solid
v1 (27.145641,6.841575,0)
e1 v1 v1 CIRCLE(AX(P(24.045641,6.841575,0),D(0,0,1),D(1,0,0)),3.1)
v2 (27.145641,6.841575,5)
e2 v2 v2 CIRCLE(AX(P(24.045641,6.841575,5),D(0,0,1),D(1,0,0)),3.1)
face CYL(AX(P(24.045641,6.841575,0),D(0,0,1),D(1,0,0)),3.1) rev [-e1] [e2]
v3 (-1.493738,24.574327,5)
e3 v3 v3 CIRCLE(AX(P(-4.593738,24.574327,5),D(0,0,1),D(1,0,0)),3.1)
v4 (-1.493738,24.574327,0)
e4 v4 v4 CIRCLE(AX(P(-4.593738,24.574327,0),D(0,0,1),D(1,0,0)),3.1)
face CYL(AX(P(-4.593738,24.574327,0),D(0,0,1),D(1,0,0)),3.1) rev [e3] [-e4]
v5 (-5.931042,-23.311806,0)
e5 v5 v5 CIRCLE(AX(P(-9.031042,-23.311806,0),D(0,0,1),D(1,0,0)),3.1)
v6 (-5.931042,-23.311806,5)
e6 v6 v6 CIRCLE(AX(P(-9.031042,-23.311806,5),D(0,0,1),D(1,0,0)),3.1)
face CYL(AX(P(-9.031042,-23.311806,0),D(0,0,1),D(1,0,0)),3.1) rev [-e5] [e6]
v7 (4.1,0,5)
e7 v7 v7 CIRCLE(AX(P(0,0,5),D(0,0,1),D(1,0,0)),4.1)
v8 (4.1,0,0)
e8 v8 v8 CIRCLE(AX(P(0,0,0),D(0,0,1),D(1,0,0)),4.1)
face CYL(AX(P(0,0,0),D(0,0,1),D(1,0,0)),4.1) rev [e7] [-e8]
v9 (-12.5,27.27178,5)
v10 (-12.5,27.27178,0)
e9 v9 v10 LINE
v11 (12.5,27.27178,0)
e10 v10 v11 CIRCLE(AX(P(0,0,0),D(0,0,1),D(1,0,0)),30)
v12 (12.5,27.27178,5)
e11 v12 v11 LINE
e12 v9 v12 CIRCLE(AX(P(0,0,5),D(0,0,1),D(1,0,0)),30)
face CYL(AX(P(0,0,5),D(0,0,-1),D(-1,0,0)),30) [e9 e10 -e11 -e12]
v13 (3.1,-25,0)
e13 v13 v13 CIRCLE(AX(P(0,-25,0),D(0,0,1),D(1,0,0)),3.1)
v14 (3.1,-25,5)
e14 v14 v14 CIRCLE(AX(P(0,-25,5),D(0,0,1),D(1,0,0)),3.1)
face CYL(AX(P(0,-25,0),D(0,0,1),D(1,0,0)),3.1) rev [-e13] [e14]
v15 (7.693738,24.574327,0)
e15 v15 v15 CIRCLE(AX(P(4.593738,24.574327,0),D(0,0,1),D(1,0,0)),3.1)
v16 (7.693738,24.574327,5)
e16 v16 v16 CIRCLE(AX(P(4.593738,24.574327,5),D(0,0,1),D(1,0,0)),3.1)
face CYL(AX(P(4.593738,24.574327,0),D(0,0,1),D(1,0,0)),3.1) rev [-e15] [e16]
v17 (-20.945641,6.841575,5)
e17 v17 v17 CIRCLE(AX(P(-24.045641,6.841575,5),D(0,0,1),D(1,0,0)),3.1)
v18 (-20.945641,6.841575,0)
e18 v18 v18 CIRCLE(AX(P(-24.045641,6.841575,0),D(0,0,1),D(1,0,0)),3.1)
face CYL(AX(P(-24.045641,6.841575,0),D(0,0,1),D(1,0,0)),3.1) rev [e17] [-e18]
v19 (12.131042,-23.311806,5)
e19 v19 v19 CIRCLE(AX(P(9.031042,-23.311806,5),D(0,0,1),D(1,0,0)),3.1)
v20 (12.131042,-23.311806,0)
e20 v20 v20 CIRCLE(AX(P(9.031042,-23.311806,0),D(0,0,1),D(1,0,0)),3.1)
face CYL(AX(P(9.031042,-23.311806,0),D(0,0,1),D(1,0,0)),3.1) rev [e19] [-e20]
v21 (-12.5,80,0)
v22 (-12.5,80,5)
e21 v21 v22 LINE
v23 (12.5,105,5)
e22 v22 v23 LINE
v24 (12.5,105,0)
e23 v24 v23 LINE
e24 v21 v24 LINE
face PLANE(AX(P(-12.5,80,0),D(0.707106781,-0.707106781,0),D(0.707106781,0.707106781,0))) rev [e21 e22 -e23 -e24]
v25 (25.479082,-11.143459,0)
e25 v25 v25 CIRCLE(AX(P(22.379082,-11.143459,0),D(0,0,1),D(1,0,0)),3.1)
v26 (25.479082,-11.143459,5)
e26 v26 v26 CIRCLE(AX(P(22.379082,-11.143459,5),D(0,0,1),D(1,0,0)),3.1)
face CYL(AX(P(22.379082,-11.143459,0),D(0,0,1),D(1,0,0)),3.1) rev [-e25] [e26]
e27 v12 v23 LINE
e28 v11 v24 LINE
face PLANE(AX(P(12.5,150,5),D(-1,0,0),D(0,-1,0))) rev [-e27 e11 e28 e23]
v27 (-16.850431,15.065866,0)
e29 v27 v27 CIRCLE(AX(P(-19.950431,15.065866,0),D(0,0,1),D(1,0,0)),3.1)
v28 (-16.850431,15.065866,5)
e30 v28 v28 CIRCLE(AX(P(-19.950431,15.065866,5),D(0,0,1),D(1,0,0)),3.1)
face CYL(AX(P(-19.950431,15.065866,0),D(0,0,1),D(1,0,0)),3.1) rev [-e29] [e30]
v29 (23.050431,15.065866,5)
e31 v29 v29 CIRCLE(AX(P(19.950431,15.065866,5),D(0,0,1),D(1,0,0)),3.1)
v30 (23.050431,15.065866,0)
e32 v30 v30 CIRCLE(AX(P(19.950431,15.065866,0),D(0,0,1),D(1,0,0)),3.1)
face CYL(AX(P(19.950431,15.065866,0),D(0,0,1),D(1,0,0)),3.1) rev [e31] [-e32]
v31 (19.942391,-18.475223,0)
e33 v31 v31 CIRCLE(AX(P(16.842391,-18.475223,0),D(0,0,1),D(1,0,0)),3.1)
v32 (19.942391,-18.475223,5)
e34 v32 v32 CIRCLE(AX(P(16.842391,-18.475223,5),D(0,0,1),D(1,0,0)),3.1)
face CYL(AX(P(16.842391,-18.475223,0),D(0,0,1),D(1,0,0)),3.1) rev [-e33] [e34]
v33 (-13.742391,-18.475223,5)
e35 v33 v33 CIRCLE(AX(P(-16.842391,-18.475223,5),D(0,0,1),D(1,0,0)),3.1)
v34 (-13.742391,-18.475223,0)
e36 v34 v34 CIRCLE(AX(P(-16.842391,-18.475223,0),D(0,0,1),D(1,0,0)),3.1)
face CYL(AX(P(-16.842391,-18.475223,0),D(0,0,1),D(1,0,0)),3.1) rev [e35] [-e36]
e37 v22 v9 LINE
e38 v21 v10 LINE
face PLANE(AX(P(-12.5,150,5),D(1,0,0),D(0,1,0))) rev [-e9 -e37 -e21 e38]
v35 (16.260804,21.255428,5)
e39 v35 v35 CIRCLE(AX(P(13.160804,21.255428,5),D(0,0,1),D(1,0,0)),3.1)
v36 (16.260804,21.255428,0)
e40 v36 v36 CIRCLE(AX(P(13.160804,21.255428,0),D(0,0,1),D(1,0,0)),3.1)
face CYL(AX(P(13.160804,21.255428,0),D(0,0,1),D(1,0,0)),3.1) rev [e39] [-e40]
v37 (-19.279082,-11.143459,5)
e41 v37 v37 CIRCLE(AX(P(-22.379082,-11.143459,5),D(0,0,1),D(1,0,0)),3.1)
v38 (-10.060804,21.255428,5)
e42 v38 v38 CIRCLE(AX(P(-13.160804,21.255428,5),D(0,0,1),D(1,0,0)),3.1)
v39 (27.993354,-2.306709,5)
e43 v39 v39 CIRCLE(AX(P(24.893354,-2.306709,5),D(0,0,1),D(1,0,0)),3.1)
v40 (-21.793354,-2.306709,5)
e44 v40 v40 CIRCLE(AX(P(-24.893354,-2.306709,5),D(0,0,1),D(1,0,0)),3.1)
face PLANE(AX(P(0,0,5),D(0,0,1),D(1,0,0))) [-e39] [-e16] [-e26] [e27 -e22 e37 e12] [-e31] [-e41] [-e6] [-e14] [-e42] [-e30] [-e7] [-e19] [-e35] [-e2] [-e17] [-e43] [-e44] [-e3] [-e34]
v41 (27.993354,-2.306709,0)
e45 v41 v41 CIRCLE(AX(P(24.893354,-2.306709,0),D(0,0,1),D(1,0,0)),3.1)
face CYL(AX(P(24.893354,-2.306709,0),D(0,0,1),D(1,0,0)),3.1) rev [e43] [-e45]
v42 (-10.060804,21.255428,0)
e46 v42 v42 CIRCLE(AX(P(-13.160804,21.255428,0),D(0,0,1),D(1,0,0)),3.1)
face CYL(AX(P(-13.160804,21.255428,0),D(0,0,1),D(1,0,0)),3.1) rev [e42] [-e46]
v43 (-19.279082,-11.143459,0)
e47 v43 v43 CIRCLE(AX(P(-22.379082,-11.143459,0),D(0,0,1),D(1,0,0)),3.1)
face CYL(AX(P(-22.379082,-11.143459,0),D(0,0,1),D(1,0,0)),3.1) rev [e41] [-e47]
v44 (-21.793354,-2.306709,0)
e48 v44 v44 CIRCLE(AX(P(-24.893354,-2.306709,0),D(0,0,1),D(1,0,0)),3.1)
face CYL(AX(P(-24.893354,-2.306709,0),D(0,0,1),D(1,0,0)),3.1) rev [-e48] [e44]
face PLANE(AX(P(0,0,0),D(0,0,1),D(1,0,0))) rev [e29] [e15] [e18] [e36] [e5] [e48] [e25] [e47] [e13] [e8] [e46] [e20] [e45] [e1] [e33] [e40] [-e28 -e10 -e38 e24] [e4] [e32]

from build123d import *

# Parameters (mm, degrees)
EXTRUDE_3_DEPTH     = 5
SKETCH_12_W         = 25
SKETCH_12_H         = 25
CUT_EXTRUDE_2_DEPTH = 5
CUT_EXTRUDE_3_DEPTH = 5
SKETCH_14_R         = 4.1
CUT_EXTRUDE_4_DEPTH = 5
SKETCH_16_R         = 3.1
CUT_EXTRUDE_5_DEPTH = 5
CUT_EXTRUDE_6_DEPTH = 5
SKETCH_18_W         = 25
SKETCH_18_H         = 35
EXTRUDE_4_DEPTH     = 5
CUT_EXTRUDE_7_DEPTH = 5


with BuildPart() as part:
    # 草图8 → 凸台-拉伸3 (new body)
    with BuildSketch(Plane.XY):
        with BuildLine():
            Line((-12.5, 150), (12.5, 150))
            Line((12.5, 150), (12.5, 27.271780287))
            ThreePointArc((12.5, 27.271780287), (0, -30), (-12.5, 27.271780287))
            Line((-12.5, 27.271780287), (-12.5, 150))
        make_face()
    extrude(amount=EXTRUDE_3_DEPTH)

    # 草图12 → 切除-拉伸2 (cut)
    with BuildSketch(Plane.XY.offset(5)):
        with Locations((0, 137.5)):
            Rectangle(SKETCH_12_W, SKETCH_12_H)
    extrude(amount=-CUT_EXTRUDE_2_DEPTH, mode=Mode.SUBTRACT)

    # 草图13 → 切除-拉伸3 (cut)
    with BuildSketch(Plane.XY.offset(5)):
        Polygon((-12.5, 125), (12.5, 125), (-12.5, 100), align=None)
    extrude(amount=-CUT_EXTRUDE_3_DEPTH, mode=Mode.SUBTRACT)

    # 草图14 → 切除-拉伸4 (cut)
    with BuildSketch(Plane.XY.offset(5)):
        Circle(SKETCH_14_R)
    extrude(amount=-CUT_EXTRUDE_4_DEPTH, mode=Mode.SUBTRACT)

    # 草图16 → 切除-拉伸5 (cut)
    with BuildSketch(Plane.XY.offset(5)):
        with Locations((0, -25)):
            Circle(SKETCH_16_R)
        with Locations((-9.031041655, -23.311805735)):
            Circle(SKETCH_16_R)
        with Locations((-16.842391091, -18.475222931)):
            Circle(SKETCH_16_R)
        with Locations((-22.379082284, -11.143458894)):
            Circle(SKETCH_16_R)
        with Locations((-24.893354407, -2.306708987)):
            Circle(SKETCH_16_R)
        with Locations((-24.045641079, 6.841574752)):
            Circle(SKETCH_16_R)
        with Locations((-19.950430682, 15.065865909)):
            Circle(SKETCH_16_R)
        with Locations((-13.160804072, 21.255428393)):
            Circle(SKETCH_16_R)
        with Locations((-4.593737945, 24.574327492)):
            Circle(SKETCH_16_R)
        with Locations((4.593737945, 24.574327492)):
            Circle(SKETCH_16_R)
        with Locations((13.160804072, 21.255428393)):
            Circle(SKETCH_16_R)
        with Locations((19.950430682, 15.065865909)):
            Circle(SKETCH_16_R)
        with Locations((24.045641079, 6.841574752)):
            Circle(SKETCH_16_R)
        with Locations((24.893354407, -2.306708987)):
            Circle(SKETCH_16_R)
        with Locations((22.379082284, -11.143458894)):
            Circle(SKETCH_16_R)
        with Locations((16.842391091, -18.475222931)):
            Circle(SKETCH_16_R)
        with Locations((9.031041655, -23.311805735)):
            Circle(SKETCH_16_R)
    extrude(amount=-CUT_EXTRUDE_5_DEPTH, mode=Mode.SUBTRACT)

    # 草图17 → 切除-拉伸6 (cut)
    with BuildSketch(Plane.XY.offset(5)):
        Polygon((-12.5, 100), (12.5, 125), (12.5, 95), (-12.5, 70), align=None)
    extrude(amount=-CUT_EXTRUDE_6_DEPTH, mode=Mode.SUBTRACT)

    # 草图18 → 凸台-拉伸4 (add)
    with BuildSketch(Plane.XY.offset(5)):
        with Locations((0, 87.5)):
            Rectangle(SKETCH_18_W, SKETCH_18_H)
    extrude(amount=-EXTRUDE_4_DEPTH)

    # 草图19 → 切除-拉伸7 (cut)
    with BuildSketch(Plane.XY.offset(5)):
        Polygon((-12.5, 105), (12.5, 105), (-12.5, 80), align=None)
    extrude(amount=-CUT_EXTRUDE_7_DEPTH, mode=Mode.SUBTRACT)


solid = part.part
